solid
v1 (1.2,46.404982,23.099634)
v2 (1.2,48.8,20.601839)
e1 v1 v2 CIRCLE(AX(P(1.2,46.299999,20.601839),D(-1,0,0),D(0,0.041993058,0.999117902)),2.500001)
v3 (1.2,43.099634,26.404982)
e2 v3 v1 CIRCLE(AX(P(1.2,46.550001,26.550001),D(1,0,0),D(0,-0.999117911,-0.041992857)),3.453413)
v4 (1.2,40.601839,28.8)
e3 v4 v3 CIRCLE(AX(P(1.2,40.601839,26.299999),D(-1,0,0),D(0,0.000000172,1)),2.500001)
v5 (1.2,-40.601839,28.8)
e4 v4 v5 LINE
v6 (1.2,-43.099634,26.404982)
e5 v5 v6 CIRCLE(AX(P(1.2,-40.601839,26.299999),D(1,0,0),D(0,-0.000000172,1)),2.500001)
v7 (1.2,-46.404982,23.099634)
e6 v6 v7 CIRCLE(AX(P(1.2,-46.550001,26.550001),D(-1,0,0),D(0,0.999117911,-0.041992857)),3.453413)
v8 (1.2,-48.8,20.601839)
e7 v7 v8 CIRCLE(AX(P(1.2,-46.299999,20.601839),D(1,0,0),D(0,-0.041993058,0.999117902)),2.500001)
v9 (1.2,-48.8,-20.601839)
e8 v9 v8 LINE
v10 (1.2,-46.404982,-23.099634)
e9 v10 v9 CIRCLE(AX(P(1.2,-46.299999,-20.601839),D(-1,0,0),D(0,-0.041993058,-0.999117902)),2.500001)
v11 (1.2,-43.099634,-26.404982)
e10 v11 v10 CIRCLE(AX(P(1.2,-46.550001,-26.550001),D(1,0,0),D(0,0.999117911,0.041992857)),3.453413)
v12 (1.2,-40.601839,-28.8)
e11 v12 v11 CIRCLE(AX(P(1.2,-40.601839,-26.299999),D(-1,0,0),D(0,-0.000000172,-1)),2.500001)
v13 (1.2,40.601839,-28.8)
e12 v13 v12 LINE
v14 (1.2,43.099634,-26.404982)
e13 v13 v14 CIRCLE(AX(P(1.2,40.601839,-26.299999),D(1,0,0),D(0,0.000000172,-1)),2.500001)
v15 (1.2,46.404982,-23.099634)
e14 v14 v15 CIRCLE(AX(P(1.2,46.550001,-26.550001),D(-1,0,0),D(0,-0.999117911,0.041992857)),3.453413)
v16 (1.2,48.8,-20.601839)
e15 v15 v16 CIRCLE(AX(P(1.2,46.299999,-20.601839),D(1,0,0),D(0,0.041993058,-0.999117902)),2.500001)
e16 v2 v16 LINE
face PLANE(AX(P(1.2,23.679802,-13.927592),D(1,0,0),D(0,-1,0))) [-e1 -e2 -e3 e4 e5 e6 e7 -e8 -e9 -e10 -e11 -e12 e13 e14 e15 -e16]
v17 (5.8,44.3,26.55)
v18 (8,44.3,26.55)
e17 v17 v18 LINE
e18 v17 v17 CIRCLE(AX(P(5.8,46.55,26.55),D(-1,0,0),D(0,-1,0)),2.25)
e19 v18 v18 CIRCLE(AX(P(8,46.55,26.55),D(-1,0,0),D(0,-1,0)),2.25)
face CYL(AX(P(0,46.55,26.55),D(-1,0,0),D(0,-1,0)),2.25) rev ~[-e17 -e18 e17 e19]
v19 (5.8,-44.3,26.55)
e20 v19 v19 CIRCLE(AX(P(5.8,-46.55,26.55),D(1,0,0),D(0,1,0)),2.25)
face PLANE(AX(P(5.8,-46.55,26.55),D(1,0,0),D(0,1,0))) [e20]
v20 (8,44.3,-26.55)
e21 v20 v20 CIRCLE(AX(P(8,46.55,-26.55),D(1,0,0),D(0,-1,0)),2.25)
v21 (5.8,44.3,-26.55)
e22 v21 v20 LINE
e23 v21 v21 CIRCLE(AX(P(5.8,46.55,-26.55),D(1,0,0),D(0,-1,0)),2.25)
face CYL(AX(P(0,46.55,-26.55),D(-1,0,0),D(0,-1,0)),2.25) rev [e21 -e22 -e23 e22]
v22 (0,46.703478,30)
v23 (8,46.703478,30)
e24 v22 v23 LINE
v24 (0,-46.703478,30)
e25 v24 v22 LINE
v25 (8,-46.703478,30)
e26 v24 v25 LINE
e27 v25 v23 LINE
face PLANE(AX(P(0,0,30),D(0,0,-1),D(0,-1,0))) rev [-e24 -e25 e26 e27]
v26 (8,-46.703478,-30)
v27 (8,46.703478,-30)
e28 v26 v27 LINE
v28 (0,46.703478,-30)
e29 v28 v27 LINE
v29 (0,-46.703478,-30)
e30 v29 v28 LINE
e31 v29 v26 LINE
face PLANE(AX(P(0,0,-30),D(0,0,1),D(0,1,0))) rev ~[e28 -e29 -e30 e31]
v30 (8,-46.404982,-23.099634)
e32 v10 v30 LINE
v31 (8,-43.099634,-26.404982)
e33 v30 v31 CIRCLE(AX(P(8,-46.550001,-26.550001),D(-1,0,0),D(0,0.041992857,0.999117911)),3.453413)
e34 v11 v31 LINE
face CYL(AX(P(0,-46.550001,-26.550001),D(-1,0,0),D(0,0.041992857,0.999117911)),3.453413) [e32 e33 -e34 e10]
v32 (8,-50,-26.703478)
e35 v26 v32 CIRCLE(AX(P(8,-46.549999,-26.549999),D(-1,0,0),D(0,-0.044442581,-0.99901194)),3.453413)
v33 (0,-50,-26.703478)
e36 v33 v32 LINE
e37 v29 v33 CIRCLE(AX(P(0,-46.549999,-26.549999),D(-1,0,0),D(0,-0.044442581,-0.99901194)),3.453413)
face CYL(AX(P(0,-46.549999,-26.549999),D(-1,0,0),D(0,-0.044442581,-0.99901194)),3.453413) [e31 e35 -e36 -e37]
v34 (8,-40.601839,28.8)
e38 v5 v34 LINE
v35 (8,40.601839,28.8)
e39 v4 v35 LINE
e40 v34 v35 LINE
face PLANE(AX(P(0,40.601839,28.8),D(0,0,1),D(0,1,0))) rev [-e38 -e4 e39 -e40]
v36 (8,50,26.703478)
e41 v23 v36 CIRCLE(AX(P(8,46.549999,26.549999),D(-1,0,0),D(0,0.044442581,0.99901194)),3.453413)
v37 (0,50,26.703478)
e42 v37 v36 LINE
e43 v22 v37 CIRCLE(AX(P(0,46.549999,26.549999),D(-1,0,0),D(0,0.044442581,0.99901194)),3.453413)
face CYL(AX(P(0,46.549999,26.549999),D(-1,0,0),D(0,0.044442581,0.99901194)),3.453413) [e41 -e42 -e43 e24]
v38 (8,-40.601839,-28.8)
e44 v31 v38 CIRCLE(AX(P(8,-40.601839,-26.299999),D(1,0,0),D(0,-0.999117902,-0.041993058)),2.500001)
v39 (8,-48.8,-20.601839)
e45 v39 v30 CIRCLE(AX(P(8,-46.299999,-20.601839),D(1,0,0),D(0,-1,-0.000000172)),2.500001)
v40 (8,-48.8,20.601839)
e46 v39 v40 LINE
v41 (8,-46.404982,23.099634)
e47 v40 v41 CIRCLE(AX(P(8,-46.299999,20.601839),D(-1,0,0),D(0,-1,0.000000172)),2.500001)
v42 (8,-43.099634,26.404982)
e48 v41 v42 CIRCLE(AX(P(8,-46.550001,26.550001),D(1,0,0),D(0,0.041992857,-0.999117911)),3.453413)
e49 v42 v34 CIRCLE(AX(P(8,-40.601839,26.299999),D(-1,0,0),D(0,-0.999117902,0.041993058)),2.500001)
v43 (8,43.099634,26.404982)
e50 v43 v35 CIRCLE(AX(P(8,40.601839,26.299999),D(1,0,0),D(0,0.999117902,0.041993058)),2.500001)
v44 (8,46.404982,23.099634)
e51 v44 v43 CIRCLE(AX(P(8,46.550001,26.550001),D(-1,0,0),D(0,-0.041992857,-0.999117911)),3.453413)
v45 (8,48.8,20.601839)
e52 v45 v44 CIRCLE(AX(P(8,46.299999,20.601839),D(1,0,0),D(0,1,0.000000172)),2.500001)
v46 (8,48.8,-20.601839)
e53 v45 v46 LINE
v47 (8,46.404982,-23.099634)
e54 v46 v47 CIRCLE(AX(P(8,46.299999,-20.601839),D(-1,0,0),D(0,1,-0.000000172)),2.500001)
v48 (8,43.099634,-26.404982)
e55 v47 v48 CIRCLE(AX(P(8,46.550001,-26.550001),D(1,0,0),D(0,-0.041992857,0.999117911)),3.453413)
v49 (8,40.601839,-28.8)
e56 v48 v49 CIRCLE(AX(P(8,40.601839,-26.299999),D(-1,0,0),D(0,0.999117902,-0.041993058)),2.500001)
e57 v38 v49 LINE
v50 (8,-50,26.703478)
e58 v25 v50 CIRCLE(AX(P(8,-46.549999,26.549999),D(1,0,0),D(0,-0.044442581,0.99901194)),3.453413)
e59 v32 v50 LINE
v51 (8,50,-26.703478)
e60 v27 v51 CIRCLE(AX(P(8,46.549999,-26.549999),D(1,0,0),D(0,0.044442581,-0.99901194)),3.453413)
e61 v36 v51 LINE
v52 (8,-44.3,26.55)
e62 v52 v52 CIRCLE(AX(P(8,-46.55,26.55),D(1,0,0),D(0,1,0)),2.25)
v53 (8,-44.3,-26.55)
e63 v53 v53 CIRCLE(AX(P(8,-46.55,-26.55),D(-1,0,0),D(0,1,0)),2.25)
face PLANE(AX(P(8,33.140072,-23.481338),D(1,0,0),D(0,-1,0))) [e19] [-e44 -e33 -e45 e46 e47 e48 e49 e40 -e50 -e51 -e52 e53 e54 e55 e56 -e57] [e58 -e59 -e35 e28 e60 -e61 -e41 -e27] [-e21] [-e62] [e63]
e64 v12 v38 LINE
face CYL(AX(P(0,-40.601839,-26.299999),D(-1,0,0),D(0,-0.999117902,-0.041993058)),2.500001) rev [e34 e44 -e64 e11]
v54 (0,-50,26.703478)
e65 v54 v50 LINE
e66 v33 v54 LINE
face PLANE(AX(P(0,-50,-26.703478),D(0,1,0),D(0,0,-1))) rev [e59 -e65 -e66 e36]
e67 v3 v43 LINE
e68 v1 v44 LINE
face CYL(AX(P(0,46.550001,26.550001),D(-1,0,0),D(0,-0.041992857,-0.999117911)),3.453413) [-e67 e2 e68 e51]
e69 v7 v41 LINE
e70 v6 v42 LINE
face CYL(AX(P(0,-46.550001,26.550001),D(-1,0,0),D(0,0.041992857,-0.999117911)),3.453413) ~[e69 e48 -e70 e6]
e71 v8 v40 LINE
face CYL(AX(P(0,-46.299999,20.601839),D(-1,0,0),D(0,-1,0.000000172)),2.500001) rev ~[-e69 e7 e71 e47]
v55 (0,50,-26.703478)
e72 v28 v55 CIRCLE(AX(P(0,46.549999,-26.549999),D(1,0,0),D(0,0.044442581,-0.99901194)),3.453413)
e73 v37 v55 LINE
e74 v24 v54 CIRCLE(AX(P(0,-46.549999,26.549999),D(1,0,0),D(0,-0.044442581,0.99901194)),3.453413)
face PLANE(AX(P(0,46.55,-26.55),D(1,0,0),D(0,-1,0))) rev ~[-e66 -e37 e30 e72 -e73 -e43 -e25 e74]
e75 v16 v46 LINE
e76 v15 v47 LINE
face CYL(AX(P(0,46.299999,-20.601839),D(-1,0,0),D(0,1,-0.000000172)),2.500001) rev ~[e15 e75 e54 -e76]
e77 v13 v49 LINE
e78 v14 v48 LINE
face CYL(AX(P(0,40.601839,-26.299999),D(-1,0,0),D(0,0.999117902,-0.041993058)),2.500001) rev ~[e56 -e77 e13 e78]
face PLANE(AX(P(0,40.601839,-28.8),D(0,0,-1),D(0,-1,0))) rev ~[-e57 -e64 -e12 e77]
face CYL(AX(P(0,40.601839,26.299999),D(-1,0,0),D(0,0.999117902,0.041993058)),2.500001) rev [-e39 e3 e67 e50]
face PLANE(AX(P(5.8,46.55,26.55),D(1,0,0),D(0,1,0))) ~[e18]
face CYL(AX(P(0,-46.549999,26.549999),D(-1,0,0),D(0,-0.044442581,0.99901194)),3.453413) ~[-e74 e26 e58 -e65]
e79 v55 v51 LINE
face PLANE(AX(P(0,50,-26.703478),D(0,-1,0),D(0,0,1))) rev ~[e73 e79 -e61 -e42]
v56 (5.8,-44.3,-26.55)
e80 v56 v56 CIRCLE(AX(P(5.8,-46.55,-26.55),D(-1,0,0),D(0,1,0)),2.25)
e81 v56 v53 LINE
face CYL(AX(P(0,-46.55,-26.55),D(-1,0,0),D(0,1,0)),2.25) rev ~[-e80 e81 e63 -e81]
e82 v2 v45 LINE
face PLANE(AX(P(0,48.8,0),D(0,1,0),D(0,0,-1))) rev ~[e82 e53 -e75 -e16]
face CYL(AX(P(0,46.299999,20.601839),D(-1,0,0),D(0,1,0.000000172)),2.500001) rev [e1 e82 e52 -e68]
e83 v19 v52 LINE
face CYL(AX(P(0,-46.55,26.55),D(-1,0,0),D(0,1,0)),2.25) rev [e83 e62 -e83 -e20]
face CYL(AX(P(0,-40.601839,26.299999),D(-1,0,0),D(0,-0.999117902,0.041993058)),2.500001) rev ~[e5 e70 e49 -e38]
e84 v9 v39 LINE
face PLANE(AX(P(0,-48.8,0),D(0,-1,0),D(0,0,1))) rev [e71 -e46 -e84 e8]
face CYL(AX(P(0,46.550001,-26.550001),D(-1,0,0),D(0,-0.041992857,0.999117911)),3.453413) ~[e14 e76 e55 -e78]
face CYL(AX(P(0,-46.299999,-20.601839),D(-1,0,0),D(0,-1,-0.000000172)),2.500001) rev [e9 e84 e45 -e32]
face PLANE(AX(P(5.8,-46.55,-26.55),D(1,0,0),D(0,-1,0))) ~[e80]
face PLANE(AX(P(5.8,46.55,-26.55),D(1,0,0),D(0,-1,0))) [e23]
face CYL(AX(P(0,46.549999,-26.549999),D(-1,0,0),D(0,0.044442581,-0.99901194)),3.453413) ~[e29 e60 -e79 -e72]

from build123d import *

# Parameters (mm, degrees)
F0_R     = 2.25
F1_DEPTH = 8
F2_DEPTH = 1.2
F3_DEPTH = 5.8


with BuildPart() as f1:
    # F0 (on Right) → F1 (new body)
    with BuildSketch(Plane.YZ):
        with BuildLine():
            Line((-50, 0), (-48.8, 0))
            Line((-48.8, 0), (-48.8, 20.601839))
            ThreePointArc((-48.8, 20.601839), (-48.104502, 22.332091), (-46.404982, 23.099634))
            ThreePointArc((-46.404982, 23.099634), (-44.108069, 24.108069), (-43.099634, 26.404982))
            ThreePointArc((-43.099634, 26.404982), (-42.332091, 28.104502), (-40.601839, 28.8))
            Line((-40.601839, 28.8), (0, 28.8))
            Line((0, 28.8), (0, 30))
            Line((0, 30), (-46.396522, 30))
            Line((-46.396522, 30), (-46.703478, 30))
            ThreePointArc((-46.703478, 30), (-48.991931, 28.991931), (-50, 26.703478))
            Line((-50, 26.703478), (-50, 26.396522))
            Line((-50, 26.396522), (-50, 0))
        make_face()
        with Locations((-46.55, 26.55)):
            Circle(F0_R, mode=Mode.SUBTRACT)
    extrude(amount=F1_DEPTH)

    # F0 (on Right) → F2 (join)
    with BuildSketch(Plane.YZ):
        with BuildLine():
            Line((-48.8, 0), (0, 0))
            Line((0, 0), (0, 28.8))
            Line((0, 28.8), (-40.601839, 28.8))
            ThreePointArc((-40.601839, 28.8), (-42.332091, 28.104502), (-43.099634, 26.404982))
            ThreePointArc((-43.099634, 26.404982), (-44.108069, 24.108069), (-46.404982, 23.099634))
            ThreePointArc((-46.404982, 23.099634), (-48.104502, 22.332091), (-48.8, 20.601839))
            Line((-48.8, 20.601839), (-48.8, 0))
        make_face()
    extrude(amount=F2_DEPTH)

    # F0 (on Right) → F3 (join)
    with BuildSketch(Plane.YZ):
        with Locations((-46.55, 26.55)):
            Circle(F0_R)
    extrude(amount=F3_DEPTH)

    # F4: F1 across plane


with BuildPart() as f1_1:
    add(f1.part)
    add(f1.part.mirror(Plane.XZ))

    # F5: F1 across plane


with BuildPart() as f1_2:
    add(f1_1.part)
    add(f1_1.part.mirror(Plane.XY))


solid = f1_2.part
